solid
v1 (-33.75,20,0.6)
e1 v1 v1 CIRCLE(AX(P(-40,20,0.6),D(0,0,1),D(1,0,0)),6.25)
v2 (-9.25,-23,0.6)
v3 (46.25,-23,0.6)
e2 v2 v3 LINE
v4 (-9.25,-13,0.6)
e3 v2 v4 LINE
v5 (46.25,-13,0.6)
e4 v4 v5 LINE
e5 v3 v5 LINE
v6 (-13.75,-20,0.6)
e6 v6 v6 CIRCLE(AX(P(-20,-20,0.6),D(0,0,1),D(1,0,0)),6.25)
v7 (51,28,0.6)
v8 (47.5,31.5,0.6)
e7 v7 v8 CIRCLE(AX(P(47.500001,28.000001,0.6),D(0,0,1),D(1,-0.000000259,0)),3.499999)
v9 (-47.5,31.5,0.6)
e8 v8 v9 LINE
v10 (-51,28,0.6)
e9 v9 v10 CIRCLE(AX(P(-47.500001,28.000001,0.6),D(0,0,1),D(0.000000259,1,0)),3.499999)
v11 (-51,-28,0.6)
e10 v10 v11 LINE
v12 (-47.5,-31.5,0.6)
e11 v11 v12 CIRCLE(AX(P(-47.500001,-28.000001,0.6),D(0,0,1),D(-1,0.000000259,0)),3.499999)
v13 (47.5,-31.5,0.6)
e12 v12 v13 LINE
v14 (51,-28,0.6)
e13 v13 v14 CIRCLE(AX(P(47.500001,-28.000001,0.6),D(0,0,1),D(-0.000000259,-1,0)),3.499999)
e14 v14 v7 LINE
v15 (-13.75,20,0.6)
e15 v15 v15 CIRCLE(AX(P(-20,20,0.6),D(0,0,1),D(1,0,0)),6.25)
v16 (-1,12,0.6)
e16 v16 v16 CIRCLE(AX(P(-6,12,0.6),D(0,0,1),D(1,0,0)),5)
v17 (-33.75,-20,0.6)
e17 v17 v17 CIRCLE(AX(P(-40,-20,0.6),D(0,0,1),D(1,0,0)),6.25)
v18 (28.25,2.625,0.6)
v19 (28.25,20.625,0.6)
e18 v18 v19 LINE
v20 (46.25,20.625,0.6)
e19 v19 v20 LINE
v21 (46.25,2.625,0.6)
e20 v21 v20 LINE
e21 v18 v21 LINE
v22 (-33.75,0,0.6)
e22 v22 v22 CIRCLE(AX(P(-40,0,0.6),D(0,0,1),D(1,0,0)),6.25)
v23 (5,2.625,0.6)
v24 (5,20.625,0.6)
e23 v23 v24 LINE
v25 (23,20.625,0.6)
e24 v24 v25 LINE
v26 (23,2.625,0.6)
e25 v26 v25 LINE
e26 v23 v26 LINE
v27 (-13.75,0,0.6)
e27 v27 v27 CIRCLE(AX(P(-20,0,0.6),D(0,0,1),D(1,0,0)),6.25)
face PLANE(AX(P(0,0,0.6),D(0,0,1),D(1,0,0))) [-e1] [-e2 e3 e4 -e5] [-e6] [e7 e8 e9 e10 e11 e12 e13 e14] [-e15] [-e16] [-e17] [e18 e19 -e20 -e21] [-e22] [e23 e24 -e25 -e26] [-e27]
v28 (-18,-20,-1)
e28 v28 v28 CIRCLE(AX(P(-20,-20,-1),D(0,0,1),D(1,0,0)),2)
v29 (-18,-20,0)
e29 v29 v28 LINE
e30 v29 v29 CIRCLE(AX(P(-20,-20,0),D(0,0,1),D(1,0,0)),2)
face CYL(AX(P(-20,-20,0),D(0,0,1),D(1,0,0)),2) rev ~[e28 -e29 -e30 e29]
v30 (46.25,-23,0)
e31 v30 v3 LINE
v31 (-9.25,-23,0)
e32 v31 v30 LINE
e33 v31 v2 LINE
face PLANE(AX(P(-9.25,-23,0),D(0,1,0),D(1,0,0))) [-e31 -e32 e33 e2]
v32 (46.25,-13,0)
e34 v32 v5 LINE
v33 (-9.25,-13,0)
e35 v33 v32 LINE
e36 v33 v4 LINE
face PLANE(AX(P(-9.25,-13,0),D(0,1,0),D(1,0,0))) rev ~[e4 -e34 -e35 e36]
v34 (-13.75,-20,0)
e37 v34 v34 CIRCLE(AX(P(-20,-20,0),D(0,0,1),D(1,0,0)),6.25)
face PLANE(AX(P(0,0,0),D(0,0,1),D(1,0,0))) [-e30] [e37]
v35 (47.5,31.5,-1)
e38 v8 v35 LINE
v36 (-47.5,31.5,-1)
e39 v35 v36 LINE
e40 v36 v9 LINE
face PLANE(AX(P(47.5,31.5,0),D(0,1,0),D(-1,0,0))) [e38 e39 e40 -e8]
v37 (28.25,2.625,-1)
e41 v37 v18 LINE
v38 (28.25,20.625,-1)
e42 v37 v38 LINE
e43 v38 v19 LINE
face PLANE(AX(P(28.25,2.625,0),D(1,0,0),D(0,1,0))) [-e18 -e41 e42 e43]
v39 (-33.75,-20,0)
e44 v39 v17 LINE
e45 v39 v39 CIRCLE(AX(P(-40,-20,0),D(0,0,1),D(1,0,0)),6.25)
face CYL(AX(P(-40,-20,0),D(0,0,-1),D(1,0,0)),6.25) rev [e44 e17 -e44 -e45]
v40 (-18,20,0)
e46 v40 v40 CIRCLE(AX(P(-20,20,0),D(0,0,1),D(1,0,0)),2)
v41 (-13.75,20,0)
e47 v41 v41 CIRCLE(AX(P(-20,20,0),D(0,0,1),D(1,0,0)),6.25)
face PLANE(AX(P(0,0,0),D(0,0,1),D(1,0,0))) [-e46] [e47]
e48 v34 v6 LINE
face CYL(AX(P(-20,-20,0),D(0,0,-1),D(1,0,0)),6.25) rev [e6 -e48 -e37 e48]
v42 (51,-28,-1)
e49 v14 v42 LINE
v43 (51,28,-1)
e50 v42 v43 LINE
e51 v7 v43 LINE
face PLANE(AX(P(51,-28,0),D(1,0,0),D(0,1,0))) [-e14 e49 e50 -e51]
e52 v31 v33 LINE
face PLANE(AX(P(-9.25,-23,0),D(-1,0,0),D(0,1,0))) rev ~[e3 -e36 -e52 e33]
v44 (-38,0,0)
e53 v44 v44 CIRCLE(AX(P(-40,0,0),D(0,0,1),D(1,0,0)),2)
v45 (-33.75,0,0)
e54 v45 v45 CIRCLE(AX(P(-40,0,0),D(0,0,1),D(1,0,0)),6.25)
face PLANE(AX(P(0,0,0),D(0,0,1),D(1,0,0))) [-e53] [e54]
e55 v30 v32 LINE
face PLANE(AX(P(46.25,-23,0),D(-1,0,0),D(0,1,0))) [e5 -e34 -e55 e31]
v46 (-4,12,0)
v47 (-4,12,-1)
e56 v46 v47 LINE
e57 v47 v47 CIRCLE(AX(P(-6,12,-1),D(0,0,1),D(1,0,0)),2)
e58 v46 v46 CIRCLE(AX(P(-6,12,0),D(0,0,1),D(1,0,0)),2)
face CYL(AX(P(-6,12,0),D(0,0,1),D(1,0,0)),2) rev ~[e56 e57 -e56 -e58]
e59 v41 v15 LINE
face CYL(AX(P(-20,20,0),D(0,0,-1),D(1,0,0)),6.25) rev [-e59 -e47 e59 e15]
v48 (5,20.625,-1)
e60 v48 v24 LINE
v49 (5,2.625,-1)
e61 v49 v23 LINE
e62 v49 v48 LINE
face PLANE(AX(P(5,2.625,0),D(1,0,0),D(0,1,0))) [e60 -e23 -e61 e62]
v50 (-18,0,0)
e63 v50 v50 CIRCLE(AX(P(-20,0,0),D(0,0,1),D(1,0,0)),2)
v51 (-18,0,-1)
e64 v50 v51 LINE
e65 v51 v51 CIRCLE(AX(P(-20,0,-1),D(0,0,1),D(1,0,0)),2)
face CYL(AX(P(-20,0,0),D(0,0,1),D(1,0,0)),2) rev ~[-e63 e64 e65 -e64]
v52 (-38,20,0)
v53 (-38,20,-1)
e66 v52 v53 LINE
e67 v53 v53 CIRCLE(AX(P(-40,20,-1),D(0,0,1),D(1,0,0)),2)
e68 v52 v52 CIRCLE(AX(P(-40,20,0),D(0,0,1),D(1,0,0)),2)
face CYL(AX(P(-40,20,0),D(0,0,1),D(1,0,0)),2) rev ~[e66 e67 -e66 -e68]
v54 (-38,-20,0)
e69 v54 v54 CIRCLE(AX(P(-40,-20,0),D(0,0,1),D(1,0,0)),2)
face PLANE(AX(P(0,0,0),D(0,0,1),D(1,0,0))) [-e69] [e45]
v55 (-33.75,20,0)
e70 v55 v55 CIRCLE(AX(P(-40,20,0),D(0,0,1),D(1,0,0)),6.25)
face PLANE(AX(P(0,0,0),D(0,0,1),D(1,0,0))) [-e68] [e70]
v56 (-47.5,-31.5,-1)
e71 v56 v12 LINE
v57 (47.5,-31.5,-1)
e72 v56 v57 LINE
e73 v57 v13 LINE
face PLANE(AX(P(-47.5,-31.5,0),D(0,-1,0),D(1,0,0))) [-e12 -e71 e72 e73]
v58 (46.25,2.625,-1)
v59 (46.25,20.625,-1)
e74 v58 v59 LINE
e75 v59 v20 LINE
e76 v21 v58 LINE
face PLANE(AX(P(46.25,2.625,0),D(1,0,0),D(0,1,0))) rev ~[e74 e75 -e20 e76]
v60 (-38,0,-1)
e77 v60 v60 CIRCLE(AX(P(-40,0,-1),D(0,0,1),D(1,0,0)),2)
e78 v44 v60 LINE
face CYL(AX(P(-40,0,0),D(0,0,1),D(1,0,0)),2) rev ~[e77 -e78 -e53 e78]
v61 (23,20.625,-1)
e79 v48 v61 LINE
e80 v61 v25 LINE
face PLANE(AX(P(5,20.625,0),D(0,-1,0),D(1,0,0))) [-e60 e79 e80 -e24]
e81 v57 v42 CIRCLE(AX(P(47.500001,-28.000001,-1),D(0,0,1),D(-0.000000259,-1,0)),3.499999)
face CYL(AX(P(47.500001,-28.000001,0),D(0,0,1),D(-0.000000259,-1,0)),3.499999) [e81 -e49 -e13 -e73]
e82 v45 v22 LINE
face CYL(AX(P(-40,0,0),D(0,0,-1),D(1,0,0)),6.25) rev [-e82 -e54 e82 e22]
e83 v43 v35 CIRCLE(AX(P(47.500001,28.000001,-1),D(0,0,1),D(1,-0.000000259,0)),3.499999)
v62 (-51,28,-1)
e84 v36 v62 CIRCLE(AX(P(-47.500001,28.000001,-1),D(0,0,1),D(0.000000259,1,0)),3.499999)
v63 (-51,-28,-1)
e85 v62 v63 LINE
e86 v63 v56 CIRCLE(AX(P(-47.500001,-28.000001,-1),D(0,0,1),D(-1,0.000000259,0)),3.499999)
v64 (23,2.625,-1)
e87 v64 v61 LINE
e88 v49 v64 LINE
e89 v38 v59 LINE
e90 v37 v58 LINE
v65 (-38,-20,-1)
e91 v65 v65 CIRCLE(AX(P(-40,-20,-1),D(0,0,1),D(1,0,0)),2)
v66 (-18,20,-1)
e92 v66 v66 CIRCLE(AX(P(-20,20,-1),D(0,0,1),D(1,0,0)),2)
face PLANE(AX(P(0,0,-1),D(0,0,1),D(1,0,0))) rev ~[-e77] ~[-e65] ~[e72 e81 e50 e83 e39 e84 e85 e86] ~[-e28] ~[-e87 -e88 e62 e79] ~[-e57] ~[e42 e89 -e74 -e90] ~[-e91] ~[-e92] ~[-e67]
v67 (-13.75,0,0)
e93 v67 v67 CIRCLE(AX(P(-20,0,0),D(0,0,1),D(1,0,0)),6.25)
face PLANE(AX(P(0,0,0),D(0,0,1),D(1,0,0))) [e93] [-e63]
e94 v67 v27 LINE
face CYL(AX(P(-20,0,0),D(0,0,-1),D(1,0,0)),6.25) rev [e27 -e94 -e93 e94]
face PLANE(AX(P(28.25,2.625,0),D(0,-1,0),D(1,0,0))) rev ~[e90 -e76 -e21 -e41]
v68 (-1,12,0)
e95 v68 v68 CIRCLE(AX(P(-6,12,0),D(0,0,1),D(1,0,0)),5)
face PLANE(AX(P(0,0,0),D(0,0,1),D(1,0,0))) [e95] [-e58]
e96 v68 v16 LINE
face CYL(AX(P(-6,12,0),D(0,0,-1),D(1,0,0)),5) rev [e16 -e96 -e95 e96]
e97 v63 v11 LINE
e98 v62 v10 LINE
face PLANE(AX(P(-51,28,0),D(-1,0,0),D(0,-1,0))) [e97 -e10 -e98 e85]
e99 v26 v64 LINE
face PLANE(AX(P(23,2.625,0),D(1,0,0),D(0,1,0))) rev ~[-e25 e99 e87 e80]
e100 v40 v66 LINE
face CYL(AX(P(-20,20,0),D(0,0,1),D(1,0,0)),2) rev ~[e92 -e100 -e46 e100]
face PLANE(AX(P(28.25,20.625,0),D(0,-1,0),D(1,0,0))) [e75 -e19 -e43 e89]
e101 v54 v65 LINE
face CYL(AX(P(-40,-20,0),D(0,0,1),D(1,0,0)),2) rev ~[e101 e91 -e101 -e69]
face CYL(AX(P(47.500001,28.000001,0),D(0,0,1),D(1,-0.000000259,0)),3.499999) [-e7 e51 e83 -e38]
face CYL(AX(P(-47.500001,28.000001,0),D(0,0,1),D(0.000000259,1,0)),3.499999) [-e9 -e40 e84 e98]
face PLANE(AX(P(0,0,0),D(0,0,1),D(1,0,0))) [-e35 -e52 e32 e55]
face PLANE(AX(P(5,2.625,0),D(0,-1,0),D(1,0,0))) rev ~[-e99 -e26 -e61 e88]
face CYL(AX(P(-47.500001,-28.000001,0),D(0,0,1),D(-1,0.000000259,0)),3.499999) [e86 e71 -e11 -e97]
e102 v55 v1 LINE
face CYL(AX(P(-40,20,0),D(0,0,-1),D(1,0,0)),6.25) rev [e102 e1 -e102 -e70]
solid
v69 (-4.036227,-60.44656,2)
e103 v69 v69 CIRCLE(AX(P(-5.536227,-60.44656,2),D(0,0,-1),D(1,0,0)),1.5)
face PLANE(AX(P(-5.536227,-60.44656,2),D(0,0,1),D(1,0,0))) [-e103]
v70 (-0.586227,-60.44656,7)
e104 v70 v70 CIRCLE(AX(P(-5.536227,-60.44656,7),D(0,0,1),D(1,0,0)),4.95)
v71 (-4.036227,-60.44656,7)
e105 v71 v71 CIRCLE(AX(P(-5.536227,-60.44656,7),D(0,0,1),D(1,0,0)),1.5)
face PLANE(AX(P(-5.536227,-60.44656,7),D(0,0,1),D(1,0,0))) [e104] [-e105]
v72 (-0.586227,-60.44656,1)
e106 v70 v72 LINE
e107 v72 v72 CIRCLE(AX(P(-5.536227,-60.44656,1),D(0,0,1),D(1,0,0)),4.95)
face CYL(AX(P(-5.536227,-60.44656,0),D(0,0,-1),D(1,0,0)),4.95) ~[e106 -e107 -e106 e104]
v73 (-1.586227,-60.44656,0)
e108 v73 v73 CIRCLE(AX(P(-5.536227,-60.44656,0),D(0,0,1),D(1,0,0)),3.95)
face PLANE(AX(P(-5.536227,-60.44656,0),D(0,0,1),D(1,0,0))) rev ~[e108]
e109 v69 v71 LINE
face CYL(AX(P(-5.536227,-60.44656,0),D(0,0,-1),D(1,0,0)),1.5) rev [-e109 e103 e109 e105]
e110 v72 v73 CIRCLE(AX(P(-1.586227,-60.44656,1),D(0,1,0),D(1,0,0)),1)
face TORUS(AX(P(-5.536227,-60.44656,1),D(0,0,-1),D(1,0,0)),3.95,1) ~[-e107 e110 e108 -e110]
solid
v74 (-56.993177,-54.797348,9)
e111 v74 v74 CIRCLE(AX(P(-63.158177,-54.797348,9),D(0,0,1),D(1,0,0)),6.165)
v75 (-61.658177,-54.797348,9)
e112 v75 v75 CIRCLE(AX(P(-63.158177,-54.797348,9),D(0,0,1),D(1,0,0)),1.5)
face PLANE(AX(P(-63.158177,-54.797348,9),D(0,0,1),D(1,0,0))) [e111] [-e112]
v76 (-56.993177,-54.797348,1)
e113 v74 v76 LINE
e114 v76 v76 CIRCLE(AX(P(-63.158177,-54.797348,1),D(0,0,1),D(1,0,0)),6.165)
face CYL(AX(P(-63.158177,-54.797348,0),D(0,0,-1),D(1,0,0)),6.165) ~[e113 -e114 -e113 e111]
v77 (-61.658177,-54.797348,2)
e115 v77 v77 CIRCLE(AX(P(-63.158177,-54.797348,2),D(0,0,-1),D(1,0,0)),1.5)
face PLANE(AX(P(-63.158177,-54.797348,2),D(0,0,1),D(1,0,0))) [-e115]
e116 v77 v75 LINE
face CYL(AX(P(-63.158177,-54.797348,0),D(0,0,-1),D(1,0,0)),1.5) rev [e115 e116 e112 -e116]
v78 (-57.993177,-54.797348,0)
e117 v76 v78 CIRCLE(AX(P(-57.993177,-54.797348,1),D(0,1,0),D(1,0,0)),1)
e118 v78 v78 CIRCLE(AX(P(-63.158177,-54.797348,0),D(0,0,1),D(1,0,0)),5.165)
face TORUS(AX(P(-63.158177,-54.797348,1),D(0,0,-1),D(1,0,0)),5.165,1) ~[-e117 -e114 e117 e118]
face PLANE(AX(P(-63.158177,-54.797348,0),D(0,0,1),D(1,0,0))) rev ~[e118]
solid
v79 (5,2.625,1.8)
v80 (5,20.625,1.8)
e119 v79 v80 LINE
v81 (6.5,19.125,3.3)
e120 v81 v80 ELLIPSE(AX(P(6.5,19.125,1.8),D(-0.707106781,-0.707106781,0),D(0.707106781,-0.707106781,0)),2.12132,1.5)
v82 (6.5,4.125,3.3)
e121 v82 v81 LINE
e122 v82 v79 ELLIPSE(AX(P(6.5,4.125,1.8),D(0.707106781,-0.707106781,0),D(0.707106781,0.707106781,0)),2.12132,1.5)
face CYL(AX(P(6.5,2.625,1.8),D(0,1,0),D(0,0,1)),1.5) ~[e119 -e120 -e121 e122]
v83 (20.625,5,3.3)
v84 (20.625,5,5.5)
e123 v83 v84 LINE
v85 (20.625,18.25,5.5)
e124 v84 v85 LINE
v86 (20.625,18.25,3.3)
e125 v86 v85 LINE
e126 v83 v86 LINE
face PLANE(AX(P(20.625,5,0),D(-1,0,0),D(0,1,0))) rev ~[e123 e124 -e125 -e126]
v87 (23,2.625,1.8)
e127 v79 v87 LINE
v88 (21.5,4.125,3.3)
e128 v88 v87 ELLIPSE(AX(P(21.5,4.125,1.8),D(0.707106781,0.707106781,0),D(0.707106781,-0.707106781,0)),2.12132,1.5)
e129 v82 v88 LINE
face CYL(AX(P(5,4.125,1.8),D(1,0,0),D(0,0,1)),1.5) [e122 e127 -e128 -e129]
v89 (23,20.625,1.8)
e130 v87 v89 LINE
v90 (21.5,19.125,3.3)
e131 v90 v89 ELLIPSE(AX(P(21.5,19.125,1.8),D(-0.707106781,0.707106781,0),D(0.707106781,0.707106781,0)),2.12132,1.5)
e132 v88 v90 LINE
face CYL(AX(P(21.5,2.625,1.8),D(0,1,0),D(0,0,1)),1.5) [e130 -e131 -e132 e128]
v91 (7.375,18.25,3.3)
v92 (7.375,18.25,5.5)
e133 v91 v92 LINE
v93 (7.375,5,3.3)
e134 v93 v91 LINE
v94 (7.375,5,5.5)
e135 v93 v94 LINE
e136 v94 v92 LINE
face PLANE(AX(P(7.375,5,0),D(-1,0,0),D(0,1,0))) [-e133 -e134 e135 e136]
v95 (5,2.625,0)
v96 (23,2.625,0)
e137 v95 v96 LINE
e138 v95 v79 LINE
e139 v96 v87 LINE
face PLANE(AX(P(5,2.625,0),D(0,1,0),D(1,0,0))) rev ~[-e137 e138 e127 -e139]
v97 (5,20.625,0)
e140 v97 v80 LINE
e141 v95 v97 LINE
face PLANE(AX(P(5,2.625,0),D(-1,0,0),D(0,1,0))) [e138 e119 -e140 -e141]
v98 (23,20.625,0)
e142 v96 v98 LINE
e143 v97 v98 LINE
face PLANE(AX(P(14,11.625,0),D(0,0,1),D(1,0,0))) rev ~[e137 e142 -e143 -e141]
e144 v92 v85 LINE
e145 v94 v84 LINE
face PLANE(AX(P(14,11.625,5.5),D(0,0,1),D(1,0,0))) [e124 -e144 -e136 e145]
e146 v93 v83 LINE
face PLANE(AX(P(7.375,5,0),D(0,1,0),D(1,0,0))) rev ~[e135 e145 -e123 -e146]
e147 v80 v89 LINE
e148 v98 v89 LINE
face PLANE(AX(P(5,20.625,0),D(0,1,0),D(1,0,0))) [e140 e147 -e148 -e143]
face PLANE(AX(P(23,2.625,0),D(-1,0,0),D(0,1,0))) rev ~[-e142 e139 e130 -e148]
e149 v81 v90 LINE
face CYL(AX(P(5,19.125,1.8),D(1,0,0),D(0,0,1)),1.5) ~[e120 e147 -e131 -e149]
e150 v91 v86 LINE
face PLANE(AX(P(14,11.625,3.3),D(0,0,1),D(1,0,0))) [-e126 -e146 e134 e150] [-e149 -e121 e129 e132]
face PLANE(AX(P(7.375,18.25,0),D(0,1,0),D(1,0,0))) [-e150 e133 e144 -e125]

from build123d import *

# Parameters (mm, degrees)
F0_R      = 6.25
F0_W      = 55.5
F0_H      = 10
F0_R_2    = 5
F0_W_2    = 18
F0_H_2    = 18
F1_DEPTH  = 0.6
F0_R_3    = 2
F2_DEPTH  = 1
F0_W_3    = 13.25
F0_H_3    = 13.25
F3_DEPTH  = 3.3
F4_DEPTH  = 5.5
F5_R      = 1.5
F6_R      = 6.165
F6_R_2    = 1.5
F7_DEPTH  = 9
F8_DEPTH  = 2
F9_R      = 1
F6_R_3    = 4.95
F10_DEPTH = 7
F11_DEPTH = 2
F12_R     = 1


with BuildPart() as f1:
    # F0 (on Top) → F1 (new body)
    with BuildSketch(Plane.XY):
        with BuildLine():
            Line((47.5, 31.5), (-47.5, 31.5))
            ThreePointArc((-47.5, 31.5), (-49.974874, 30.474874), (-51, 28))
            Line((-51, 28), (-51, -28))
            ThreePointArc((-51, -28), (-49.974874, -30.474874), (-47.5, -31.5))
            Line((-47.5, -31.5), (47.5, -31.5))
            ThreePointArc((47.5, -31.5), (49.974874, -30.474874), (51, -28))
            Line((51, -28), (51, 28))
            ThreePointArc((51, 28), (49.974874, 30.474874), (47.5, 31.5))
        make_face()
        with Locations((-40, -20)):
            Circle(F0_R, mode=Mode.SUBTRACT)
        with Locations((-20, -20)):
            Circle(F0_R, mode=Mode.SUBTRACT)
        with Locations((18.5, -18)):
            Rectangle(F0_W, F0_H, mode=Mode.SUBTRACT)
        with Locations((-40, 0)):
            Circle(F0_R, mode=Mode.SUBTRACT)
        with Locations((-20, 0)):
            Circle(F0_R, mode=Mode.SUBTRACT)
        with Locations((-6, 12)):
            Circle(F0_R_2, mode=Mode.SUBTRACT)
        with Locations((-40, 20)):
            Circle(F0_R, mode=Mode.SUBTRACT)
        with Locations((-20, 20)):
            Circle(F0_R, mode=Mode.SUBTRACT)
        with Locations((14, 11.625)):
            Rectangle(F0_W_2, F0_H_2, mode=Mode.SUBTRACT)
        with Locations((37.25, 11.625)):
            Rectangle(F0_W_2, F0_H_2, mode=Mode.SUBTRACT)
    extrude(amount=F1_DEPTH)

    # F0 (on Top) → F2 (join)
    with BuildSketch(Plane.XY):
        with BuildLine():
            Line((47.5, 31.5), (-47.5, 31.5))
            ThreePointArc((-47.5, 31.5), (-49.974874, 30.474874), (-51, 28))
            Line((-51, 28), (-51, -28))
            ThreePointArc((-51, -28), (-49.974874, -30.474874), (-47.5, -31.5))
            Line((-47.5, -31.5), (47.5, -31.5))
            ThreePointArc((47.5, -31.5), (49.974874, -30.474874), (51, -28))
            Line((51, -28), (51, 28))
            ThreePointArc((51, 28), (49.974874, 30.474874), (47.5, 31.5))
        make_face()
        with Locations((-40, -20)):
            Circle(F0_R, mode=Mode.SUBTRACT)
        with Locations((-20, -20)):
            Circle(F0_R, mode=Mode.SUBTRACT)
        with Locations((18.5, -18)):
            Rectangle(F0_W, F0_H, mode=Mode.SUBTRACT)
        with Locations((-40, 0)):
            Circle(F0_R, mode=Mode.SUBTRACT)
        with Locations((-20, 0)):
            Circle(F0_R, mode=Mode.SUBTRACT)
        with Locations((-6, 12)):
            Circle(F0_R_2, mode=Mode.SUBTRACT)
        with Locations((-40, 20)):
            Circle(F0_R, mode=Mode.SUBTRACT)
        with Locations((-20, 20)):
            Circle(F0_R, mode=Mode.SUBTRACT)
        with Locations((14, 11.625)):
            Rectangle(F0_W_2, F0_H_2, mode=Mode.SUBTRACT)
        with Locations((37.25, 11.625)):
            Rectangle(F0_W_2, F0_H_2, mode=Mode.SUBTRACT)
        with Locations((-40, -20)):
            Circle(F0_R)
        with Locations((-40, -20)):
            Circle(F0_R_3, mode=Mode.SUBTRACT)
        with Locations((-40, 0)):
            Circle(F0_R)
        with Locations((-40, 0)):
            Circle(F0_R_3, mode=Mode.SUBTRACT)
        with Locations((-40, 20)):
            Circle(F0_R)
        with Locations((-40, 20)):
            Circle(F0_R_3, mode=Mode.SUBTRACT)
        with Locations((-20, 20)):
            Circle(F0_R)
        with Locations((-20, 20)):
            Circle(F0_R_3, mode=Mode.SUBTRACT)
        with Locations((-20, 0)):
            Circle(F0_R)
        with Locations((-20, 0)):
            Circle(F0_R_3, mode=Mode.SUBTRACT)
        with Locations((-20, -20)):
            Circle(F0_R)
        with Locations((-20, -20)):
            Circle(F0_R_3, mode=Mode.SUBTRACT)
        with Locations((-6, 12)):
            Circle(F0_R_2)
        with Locations((-6, 12)):
            Circle(F0_R_3, mode=Mode.SUBTRACT)
        with Locations((18.5, -18)):
            Rectangle(F0_W, F0_H)
    extrude(amount=-F2_DEPTH)


with BuildPart() as f3:
    # F0 (on Top) → F3 (new body)
    with BuildSketch(Plane.XY):
        with Locations((14, 11.625)):
            Rectangle(F0_W_3, F0_H_3)
        with Locations((14, 11.625)):
            Rectangle(F0_W_2, F0_H_2)
        with Locations((14, 11.625)):
            Rectangle(F0_W_3, F0_H_3, mode=Mode.SUBTRACT)
    extrude(amount=F3_DEPTH)

    # F0 (on Top) → F4 (join)
    with BuildSketch(Plane.XY):
        with Locations((14, 11.625)):
            Rectangle(F0_W_3, F0_H_3)
    extrude(amount=F4_DEPTH)

    # F5
    f5_edges = [f3.edges().sort_by_distance(p)[0] for p in [
        (14, 2.625, 3.3),
        (23, 11.625, 3.3),
        (14, 20.625, 3.3),
        (5, 11.625, 3.3),
    ]]
    fillet(f5_edges, radius=F5_R)


with BuildPart() as f7:
    # F6 (on Top) → F7 (new body)
    with BuildSketch(Plane.XY):
        with Locations((-63.158177, -54.797348)):
            Circle(F6_R)
        with Locations((-63.158177, -54.797348)):
            Circle(F6_R_2, mode=Mode.SUBTRACT)
    extrude(amount=F7_DEPTH)

    # F6 (on Top) → F8 (join)
    with BuildSketch(Plane.XY):
        with Locations((-63.158177, -54.797348)):
            Circle(F6_R)
        with Locations((-63.158177, -54.797348)):
            Circle(F6_R_2, mode=Mode.SUBTRACT)
        with Locations((-63.158177, -54.797348)):
            Circle(F6_R_2)
    extrude(amount=F8_DEPTH)

    # F9
    f9_edges = [f7.edges().sort_by_distance(p)[0] for p in [
        (-69.323177, -54.797348, 0),
    ]]
    fillet(f9_edges, radius=F9_R)


with BuildPart() as f10:
    # F6 (on Top) → F10 (new body)
    with BuildSketch(Plane.XY):
        with Locations((-5.536227, -60.44656)):
            Circle(F6_R_3)
        with Locations((-5.536227, -60.44656)):
            Circle(F6_R_2, mode=Mode.SUBTRACT)
    extrude(amount=F10_DEPTH)

    # F6 (on Top) → F11 (join)
    with BuildSketch(Plane.XY):
        with Locations((-5.536227, -60.44656)):
            Circle(F6_R_3)
        with Locations((-5.536227, -60.44656)):
            Circle(F6_R_2, mode=Mode.SUBTRACT)
        with Locations((-5.536227, -60.44656)):
            Circle(F6_R_2)
    extrude(amount=F11_DEPTH)

    # F12
    f12_edges = [f10.edges().sort_by_distance(p)[0] for p in [
        (-10.486227, -60.44656, 0),
    ]]
    fillet(f12_edges, radius=F12_R)


solid = Compound([f1.part, f3.part, f7.part, f10.part])
